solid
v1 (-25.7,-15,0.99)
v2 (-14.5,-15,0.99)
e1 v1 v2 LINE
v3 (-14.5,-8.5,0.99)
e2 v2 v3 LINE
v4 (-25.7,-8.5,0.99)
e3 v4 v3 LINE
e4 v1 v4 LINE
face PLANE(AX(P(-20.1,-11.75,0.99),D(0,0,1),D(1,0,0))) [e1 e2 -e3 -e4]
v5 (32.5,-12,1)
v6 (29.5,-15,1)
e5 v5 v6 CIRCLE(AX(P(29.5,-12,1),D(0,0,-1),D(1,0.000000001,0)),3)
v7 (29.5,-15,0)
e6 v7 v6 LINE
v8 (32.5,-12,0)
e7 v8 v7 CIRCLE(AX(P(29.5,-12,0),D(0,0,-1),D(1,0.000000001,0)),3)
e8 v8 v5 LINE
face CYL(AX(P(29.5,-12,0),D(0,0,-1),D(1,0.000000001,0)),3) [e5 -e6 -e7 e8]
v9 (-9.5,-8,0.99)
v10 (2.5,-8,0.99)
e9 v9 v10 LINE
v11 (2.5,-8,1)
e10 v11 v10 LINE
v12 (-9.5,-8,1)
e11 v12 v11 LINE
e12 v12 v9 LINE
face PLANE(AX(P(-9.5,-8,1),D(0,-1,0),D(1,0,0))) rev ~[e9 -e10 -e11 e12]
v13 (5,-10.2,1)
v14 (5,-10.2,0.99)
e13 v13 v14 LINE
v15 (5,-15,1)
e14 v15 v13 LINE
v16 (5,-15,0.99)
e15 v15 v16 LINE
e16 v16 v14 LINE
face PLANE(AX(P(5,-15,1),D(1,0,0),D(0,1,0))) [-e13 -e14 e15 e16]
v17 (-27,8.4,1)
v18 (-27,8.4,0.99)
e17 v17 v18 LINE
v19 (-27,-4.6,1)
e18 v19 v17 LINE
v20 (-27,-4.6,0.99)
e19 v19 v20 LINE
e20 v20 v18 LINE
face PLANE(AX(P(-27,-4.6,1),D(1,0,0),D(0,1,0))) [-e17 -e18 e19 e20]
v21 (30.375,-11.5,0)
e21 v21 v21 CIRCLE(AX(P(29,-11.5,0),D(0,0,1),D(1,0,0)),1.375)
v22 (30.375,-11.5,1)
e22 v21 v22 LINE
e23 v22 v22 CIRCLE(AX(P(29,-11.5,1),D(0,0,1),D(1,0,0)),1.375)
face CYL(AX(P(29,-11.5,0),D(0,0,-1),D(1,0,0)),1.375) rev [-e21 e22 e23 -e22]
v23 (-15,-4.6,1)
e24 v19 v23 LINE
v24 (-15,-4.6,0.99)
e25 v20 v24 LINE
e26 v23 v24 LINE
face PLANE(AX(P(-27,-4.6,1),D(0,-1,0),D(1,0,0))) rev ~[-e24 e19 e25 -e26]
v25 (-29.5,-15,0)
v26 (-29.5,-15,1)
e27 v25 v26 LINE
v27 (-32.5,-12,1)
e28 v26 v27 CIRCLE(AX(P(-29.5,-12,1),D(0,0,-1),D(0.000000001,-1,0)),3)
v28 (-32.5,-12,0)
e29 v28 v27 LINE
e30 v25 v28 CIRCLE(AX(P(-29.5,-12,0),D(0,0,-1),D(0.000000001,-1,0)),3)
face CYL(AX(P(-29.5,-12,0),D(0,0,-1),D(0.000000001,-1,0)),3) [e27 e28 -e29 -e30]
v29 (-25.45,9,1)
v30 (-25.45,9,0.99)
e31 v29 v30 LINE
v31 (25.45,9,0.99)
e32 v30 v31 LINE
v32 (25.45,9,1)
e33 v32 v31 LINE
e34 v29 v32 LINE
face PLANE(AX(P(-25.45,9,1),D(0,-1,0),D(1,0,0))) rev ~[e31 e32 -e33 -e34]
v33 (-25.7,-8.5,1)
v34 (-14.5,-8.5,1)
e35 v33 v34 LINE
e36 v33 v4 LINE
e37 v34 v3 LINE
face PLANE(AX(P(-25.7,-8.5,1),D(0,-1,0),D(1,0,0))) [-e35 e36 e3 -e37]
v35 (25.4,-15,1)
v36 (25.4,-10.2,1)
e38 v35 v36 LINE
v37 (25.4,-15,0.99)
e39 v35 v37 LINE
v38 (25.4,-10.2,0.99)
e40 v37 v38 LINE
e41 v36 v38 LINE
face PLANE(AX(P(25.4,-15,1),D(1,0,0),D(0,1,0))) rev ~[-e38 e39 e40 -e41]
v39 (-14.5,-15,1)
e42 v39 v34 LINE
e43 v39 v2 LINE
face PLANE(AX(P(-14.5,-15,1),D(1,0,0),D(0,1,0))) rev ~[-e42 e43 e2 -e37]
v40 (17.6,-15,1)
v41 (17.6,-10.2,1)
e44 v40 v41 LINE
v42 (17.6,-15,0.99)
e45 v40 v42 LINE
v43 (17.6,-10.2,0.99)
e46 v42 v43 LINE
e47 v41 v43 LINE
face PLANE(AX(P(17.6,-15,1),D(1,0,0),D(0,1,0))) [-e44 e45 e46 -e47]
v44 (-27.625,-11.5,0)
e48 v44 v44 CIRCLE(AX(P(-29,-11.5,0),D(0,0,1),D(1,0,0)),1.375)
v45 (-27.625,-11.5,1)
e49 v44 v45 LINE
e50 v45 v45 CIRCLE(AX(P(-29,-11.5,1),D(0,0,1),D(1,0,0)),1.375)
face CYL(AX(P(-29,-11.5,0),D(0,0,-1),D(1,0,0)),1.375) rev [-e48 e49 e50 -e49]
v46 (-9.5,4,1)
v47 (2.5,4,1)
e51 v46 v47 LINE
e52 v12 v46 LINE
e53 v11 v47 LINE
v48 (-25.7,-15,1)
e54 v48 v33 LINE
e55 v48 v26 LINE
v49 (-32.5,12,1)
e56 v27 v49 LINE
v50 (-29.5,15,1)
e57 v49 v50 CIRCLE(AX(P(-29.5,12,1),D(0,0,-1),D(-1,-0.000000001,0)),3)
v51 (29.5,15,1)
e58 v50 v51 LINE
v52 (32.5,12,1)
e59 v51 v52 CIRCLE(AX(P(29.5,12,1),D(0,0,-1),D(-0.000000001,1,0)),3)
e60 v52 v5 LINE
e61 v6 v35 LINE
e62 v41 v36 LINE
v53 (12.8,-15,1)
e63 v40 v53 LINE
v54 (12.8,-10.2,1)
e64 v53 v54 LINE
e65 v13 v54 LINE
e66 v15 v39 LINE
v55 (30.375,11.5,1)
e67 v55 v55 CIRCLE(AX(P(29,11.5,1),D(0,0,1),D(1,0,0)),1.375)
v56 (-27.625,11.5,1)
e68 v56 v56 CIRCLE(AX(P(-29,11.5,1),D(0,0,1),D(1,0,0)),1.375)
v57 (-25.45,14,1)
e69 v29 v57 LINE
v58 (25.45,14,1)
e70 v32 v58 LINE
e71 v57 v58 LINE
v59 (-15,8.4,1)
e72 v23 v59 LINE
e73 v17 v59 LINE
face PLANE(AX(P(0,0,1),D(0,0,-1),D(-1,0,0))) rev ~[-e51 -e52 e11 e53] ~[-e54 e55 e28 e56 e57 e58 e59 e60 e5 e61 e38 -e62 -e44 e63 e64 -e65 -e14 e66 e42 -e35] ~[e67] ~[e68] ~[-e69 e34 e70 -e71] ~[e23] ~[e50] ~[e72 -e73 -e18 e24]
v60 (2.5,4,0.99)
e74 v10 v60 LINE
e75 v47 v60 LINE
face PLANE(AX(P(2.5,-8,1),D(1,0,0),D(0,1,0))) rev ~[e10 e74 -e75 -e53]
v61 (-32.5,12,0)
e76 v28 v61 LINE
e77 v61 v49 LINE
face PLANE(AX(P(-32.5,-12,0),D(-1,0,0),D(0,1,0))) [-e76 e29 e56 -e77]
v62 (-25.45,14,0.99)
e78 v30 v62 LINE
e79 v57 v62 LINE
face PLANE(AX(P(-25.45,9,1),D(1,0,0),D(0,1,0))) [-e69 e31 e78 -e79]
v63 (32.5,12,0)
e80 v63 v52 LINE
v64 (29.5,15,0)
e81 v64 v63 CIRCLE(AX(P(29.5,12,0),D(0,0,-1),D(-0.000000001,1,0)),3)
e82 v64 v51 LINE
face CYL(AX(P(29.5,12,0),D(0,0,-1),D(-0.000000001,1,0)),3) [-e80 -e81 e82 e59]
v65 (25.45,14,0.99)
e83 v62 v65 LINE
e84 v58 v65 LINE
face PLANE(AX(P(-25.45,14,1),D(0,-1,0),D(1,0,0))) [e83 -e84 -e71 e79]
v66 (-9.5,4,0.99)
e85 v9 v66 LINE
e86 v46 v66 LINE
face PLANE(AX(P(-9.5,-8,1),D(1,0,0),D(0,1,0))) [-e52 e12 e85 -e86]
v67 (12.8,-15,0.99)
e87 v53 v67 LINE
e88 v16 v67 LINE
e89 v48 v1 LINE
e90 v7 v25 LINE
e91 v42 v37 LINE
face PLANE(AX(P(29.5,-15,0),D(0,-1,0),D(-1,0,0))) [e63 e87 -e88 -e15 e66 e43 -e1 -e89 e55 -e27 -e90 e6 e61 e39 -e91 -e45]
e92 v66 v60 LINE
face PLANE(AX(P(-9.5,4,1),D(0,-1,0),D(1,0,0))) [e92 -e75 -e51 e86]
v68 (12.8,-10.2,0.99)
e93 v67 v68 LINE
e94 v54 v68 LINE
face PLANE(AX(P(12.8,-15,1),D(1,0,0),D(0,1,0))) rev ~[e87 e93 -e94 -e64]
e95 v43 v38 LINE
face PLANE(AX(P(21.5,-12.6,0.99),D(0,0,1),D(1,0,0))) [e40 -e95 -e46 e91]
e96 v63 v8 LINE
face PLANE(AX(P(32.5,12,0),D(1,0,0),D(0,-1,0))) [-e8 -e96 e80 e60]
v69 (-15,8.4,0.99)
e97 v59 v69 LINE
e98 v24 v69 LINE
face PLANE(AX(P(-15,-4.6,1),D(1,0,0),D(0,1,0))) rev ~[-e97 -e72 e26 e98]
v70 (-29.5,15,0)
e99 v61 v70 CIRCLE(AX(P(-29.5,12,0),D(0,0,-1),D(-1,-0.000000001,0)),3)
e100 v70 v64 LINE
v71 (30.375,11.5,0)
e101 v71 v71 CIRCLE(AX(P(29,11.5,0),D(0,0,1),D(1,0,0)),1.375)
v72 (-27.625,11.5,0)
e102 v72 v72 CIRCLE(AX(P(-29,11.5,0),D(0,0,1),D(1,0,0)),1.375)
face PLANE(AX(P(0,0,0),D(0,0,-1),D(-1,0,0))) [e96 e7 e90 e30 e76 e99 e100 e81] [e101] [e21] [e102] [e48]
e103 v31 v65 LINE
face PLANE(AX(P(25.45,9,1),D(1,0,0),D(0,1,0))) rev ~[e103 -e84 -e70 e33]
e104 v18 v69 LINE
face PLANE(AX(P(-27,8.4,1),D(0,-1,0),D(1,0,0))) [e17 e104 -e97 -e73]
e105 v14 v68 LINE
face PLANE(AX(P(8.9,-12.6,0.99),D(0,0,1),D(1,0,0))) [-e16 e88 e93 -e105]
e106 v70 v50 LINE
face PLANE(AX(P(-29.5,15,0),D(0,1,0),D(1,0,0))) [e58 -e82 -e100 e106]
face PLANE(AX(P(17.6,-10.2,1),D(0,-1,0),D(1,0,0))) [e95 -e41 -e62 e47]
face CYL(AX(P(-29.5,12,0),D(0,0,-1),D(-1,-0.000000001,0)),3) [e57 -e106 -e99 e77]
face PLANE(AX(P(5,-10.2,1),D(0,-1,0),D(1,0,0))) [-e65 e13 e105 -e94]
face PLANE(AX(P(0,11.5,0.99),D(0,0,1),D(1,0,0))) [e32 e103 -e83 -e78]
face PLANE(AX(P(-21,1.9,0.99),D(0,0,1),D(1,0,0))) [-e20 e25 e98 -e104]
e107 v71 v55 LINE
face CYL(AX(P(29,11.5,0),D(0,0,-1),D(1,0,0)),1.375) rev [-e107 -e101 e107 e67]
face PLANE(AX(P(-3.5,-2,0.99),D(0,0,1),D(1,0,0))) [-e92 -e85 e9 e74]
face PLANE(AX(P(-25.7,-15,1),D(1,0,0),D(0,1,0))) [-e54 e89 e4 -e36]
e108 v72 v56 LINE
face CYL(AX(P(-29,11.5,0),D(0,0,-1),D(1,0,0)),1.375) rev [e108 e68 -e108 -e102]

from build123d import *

# Parameters (mm, degrees)
SKETCH1_R           = 1.375
BOSS_EXTRUDE1_DEPTH = 1
SKETCH2_W           = 50.9
SKETCH2_H           = 5
SKETCH2_W_2         = 7.8
SKETCH2_H_2         = 4.8
SKETCH2_W_3         = 11.2
SKETCH2_H_3         = 6.5
SKETCH2_W_4         = 12
SKETCH2_H_4         = 13
SKETCH2_H_5         = 12
CUT_EXTRUDE1_DEPTH  = 0.01


with BuildPart() as part:
    # Sketch1 → Boss-Extrude1 (new body)
    with BuildSketch(Plane.XY):
        with BuildLine():
            Line((29.5, -15), (-29.5, -15))
            ThreePointArc((-29.5, -15), (-31.621320344, -14.121320344), (-32.5, -12))
            Line((-32.5, -12), (-32.5, 12))
            ThreePointArc((-32.5, 12), (-31.621320344, 14.121320344), (-29.5, 15))
            Line((-29.5, 15), (29.5, 15))
            ThreePointArc((29.5, 15), (31.621320344, 14.121320344), (32.5, 12))
            Line((32.5, 12), (32.5, -12))
            ThreePointArc((32.5, -12), (31.621320344, -14.121320344), (29.5, -15))
        make_face()
        with Locations((-29, 11.5)):
            Circle(SKETCH1_R, mode=Mode.SUBTRACT)
        with Locations((-29, -11.5)):
            Circle(SKETCH1_R, mode=Mode.SUBTRACT)
        with Locations((29, -11.5)):
            Circle(SKETCH1_R, mode=Mode.SUBTRACT)
        with Locations((29, 11.5)):
            Circle(SKETCH1_R, mode=Mode.SUBTRACT)
    extrude(amount=BOSS_EXTRUDE1_DEPTH)

    # Sketch2 → Cut-Extrude1 (cut)
    with BuildSketch(Plane.XY.offset(1)):
        with Locations((0, 11.5)):
            Rectangle(SKETCH2_W, SKETCH2_H)
        with Locations((21.5, -12.6)):
            Rectangle(SKETCH2_W_2, SKETCH2_H_2)
        with Locations((8.9, -12.6)):
            Rectangle(SKETCH2_W_2, SKETCH2_H_2)
        with Locations((-20.1, -11.75)):
            Rectangle(SKETCH2_W_3, SKETCH2_H_3)
        with Locations((-21, 1.9)):
            Rectangle(SKETCH2_W_4, SKETCH2_H_4)
        with Locations((-3.5, -2)):
            Rectangle(SKETCH2_W_4, SKETCH2_H_5)
    extrude(amount=-CUT_EXTRUDE1_DEPTH, mode=Mode.SUBTRACT)


solid = part.part
